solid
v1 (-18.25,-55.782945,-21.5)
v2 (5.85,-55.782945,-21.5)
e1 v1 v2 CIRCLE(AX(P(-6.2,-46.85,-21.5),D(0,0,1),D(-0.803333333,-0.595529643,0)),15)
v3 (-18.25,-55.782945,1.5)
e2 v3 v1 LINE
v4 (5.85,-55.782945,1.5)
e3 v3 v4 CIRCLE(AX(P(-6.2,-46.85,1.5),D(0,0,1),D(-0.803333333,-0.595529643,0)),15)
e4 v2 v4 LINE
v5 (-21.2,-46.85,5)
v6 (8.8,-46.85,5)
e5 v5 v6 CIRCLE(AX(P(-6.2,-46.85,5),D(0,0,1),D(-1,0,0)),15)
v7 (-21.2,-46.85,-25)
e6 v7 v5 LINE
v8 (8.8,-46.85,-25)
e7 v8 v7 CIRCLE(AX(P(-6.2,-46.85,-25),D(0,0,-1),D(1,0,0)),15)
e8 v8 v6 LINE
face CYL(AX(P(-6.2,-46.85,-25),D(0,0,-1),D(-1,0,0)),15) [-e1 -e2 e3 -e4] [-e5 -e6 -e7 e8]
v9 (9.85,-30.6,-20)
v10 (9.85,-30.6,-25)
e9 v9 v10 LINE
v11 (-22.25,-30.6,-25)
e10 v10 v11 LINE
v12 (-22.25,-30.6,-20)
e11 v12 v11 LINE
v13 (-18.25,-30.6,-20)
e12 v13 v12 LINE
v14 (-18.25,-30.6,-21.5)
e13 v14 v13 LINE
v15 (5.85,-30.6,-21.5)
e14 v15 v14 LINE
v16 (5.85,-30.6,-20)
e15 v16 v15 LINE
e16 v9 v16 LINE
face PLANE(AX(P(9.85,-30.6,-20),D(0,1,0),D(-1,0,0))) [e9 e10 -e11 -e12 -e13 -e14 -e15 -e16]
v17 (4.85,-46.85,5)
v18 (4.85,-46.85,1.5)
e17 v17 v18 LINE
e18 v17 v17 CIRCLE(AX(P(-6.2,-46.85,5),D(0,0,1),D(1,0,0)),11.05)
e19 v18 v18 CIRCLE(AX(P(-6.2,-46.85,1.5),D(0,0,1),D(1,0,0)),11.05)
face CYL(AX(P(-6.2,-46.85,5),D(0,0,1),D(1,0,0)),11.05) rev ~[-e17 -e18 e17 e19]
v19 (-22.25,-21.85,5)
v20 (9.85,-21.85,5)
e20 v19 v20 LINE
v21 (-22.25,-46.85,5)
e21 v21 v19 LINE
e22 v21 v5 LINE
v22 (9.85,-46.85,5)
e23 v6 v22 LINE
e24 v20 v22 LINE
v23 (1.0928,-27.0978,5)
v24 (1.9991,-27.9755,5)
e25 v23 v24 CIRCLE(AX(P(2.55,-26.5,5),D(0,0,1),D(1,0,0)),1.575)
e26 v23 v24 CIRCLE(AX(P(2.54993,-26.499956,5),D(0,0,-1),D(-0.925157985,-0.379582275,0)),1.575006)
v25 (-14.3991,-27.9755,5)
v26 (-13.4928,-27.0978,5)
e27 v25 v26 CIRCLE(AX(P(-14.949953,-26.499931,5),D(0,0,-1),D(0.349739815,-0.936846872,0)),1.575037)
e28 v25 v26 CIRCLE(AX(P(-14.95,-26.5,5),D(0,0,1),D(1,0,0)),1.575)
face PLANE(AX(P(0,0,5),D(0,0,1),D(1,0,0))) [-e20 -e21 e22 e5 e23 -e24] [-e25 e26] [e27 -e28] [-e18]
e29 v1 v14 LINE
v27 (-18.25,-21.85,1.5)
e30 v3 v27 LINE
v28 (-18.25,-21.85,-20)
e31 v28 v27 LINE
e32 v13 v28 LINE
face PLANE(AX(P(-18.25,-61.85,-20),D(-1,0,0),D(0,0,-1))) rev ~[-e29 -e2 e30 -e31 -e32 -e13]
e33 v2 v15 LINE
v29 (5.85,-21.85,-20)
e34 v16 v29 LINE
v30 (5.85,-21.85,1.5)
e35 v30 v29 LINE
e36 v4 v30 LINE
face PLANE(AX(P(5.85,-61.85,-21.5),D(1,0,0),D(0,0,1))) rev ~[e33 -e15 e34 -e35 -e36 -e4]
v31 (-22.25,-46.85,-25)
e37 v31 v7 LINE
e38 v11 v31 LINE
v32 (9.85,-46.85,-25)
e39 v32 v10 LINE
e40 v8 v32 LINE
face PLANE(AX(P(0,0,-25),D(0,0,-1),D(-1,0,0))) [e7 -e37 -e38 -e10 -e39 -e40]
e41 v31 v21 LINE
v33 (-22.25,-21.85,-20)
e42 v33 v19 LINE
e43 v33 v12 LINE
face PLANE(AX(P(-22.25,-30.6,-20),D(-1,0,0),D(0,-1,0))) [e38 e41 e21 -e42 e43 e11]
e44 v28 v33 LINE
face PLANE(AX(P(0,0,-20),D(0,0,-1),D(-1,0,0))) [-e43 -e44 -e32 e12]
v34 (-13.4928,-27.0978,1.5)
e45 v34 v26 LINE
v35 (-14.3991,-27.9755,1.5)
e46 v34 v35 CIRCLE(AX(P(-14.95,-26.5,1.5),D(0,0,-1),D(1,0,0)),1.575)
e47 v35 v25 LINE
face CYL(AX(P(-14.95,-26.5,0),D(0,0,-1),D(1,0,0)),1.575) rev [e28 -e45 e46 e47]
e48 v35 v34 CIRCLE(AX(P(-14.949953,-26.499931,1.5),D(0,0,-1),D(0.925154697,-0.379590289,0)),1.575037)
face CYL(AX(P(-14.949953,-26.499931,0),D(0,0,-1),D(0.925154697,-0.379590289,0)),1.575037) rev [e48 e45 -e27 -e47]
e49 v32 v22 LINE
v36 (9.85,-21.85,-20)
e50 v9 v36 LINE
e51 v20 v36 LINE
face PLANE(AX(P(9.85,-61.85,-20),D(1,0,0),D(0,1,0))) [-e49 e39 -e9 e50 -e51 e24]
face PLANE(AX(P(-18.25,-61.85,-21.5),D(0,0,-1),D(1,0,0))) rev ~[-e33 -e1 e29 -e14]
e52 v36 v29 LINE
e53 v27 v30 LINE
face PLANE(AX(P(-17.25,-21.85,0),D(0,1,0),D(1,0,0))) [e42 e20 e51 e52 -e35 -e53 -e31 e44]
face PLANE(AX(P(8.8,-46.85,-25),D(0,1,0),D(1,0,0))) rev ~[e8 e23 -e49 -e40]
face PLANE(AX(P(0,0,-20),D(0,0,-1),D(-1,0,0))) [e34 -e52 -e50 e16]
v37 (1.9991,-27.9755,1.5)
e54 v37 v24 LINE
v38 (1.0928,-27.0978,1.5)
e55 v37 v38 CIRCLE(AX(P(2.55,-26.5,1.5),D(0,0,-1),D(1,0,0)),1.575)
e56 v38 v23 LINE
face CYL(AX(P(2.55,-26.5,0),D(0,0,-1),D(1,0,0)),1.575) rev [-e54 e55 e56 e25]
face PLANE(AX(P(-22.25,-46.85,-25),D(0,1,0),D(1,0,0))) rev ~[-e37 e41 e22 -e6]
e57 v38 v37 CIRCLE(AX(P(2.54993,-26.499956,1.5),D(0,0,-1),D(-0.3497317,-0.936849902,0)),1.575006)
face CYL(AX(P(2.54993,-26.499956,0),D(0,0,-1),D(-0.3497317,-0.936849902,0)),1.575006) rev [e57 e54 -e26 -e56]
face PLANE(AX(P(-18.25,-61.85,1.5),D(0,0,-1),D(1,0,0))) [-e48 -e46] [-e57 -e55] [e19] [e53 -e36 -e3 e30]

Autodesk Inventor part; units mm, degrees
ref_plane "YZ Plane" through (0, 0, 0) normal (1, 0, 0) x (0, 1, 0)
ref_plane "XY Plane" through (0, 0, 0) normal (0, 0, 1) x (1, 0, 0)
sketch "Sketch1" plane through (0, 0, 0) normal (0, 0, 1) x (1, 0, 0)
  line L0 (-17.25, -31.85) -> (4.85, -31.85) projected
  line L1 (4.85, -31.85) -> (4.85, 0) projected
  arc A0 (4.85, 0) -> (0, 4.85) centre (0, 0) ccw projected
  line L2 (0, 4.85) -> (-12.4, 4.85) projected
  arc A1 (-12.4, 4.85) -> (-17.25, 0) centre (-12.4, 0) ccw projected
  line L3 (-17.25, 0) -> (-17.25, -31.85) projected
  circle A2 centre (-6.2, -6.5) radius 2.75 projected
  circle A3 centre (-6.2, -17.15) radius 1.95 projected
  arc A4 (1.9991, -27.9755) -> (1.0928, -27.0978) centre (2.55, -26.5) ccw projected
  arc A5 (1.0928, -27.0978) -> (1.9991, -27.9755) centre (-0.065, -29.2) ccw projected
  arc A6 (-13.4928, -27.0978) -> (-14.3991, -27.9755) centre (-14.95, -26.5) ccw projected
  arc A7 (-14.3991, -27.9755) -> (-13.4928, -27.0978) centre (-12.335, -29.2) ccw projected
  line L4 (9.85, -61.85) -> (-22.25, -61.85)
  line L5 (-22.25, -61.85) -> (-22.25, -21.85)
  line L6 (-22.25, -21.85) -> (9.85, -21.85)
  line L7 (9.85, -21.85) -> (9.85, -61.85)
  circle A8 centre (2.55, -26.5) radius 1.575
  circle A9 centre (-14.95, -26.5) radius 1.575
  point P0 (0, 0)
  point P1 (1.0928, -27.0978)
  point P2 (1.9991, -27.9755)
  point P3 (-17.25, -21.85)
  point P4 (4.85, -21.85)
  dimension "d2" = 5
  dimension "d3" = 5
  dimension "d12" = 10
  dimension "d13" = 40
extrude "Extrusion2" add sketch "Sketch1" along normal blind 5 contours L3 L6 L1 L0 | L0 L1 L6 L7 L4 L5 L3 | A5 A8 | A7 A9
sketch "Sketch2" plane through (0, 0, 0) normal (0, 0, -1) x (-1, 0, 0)
  line L0 (22.25, -21.85) -> (22.25, -61.85) projected
  line L1 (22.25, -61.85) -> (18.25, -61.85)
  line L2 (18.25, -61.85) -> (18.25, -21.85)
  line L3 (18.25, -21.85) -> (22.25, -21.85)
  line L4 (22.25, -21.85) -> (22.25, -61.85)
  line L5 (-9.85, -61.85) -> (-9.85, -21.85) projected
  line L6 (-9.85, -21.85) -> (22.25, -21.85) projected
  line L7 (-9.85, -61.85) -> (-5.85, -61.85)
  line L8 (-5.85, -61.85) -> (-5.85, -21.85)
  line L9 (-5.85, -21.85) -> (-9.85, -21.85)
  line L10 (-9.85, -21.85) -> (-9.85, -61.85)
  point P0 (0, 0)
  point P1 (-4.85, -21.85)
  point P2 (17.25, -21.85)
  point P3 (-9.85, -21.85)
  dimension "d8" = 4
  dimension "d9" = 4
extrude "Extrusion3" add sketch "Sketch2" along normal blind 20
sketch "Sketch3" plane through (0, 0, -20) normal (0, 0, -1) x (-1, 0, 0)
  circle A0 centre (-2.55, -26.5) radius 1.575 projected
  circle A1 centre (14.95, -26.5) radius 1.575 projected
  circle A2 centre (6.2, -6.5) radius 2.95 projected
  line L0 (-43.9339, 5.041) -> (56.0661, 5.041) projected
  line L1 (-23.9339, -29.6) -> (-43.9339, 5.041) projected
  line L2 (36.0661, -29.6) -> (-23.9339, -29.6) projected
  line L3 (56.0661, 5.041) -> (36.0661, -29.6) projected
  line L4 (22.25, -61.85) -> (-9.85, -61.85) projected
  line L5 (-9.85, -61.85) -> (-9.85, -21.85) projected
  line L6 (22.25, -61.85) -> (-9.85, -61.85)
  line L7 (-9.85, -61.85) -> (-9.85, -30.6)
  line L8 (-9.85, -30.6) -> (22.25, -30.6)
  line L9 (22.25, -30.6) -> (22.25, -61.85)
  point P0 (0, 0)
  dimension "d14" = 1
extrude "Extrusion4" add sketch "Sketch3" along normal blind 5 contours L8 L9 L4 L5
sketch "Sketch4" plane through (0, 0, 5) normal (0, 0, 1) x (1, 0, 0)
  circle A0 centre (-6.2, -46.85) radius 11.05
  line L0 (-22.25, -21.85) -> (-22.25, -61.85) projected
  line L1 (-22.25, -61.85) -> (9.85, -61.85) projected
  point P0 (0, 0)
  dimension "d17" = 22.1
  dimension "d18" = 16.05
  dimension "d19" = 15
extrude "Extrusion5" cut sketch "Sketch4" against normal up to surface (5 mm away)
sketch "Sketch5" plane through (0, 0, -25) normal (0, 0, -1) x (-1, 0, 0)
  circle A0 centre (6.2, -46.85) radius 4.508
  circle A1 centre (6.2, -46.85) radius 15
  line L0 (22.25, -21.85) -> (22.25, -61.85) projected
  line L1 (22.25, -46.85) -> (-9.85, -46.85)
  line L2 (-9.85, -61.85) -> (-9.85, -21.85) projected
  line L3 (22.25, -46.85) -> (22.25, -61.85)
  line L4 (22.25, -61.85) -> (-9.85, -61.85)
  line L5 (-9.85, -46.85) -> (-9.85, -61.85)
  point P0 (0, 0)
  point P1 (6.2, -61.85)
  point P2 (21.2, -46.85)
  point P3 (-8.8, -46.85)
  dimension "d22" = 30
extrude "Extrusion6" cut sketch "Sketch5" against normal up to surface (30 mm away) contours L1 L0 L4 A1 | A1 L4 L2 L1
ref_plane "Work Plane1" through (-6.2, -61.85, -25) normal (0, 1, 0) x (-1, 0, 0)
sketch "Sketch6" plane through (-6.2, -61.85, -25) normal (0, 1, 0) x (-1, 0, 0)
  line L0 (-15, 0) -> (15, 0) projected
  line L1 (-15, 0) -> (-15, 30) projected
  line L2 (15, 30) -> (-15, 30) projected
  line L3 (15, 0) -> (15, 30) projected
  line L4 (12.05, 5) -> (-12.05, 5) projected
  line L5 (12.05, 25) -> (12.05, 5) projected
  line L6 (-12.05, 25) -> (12.05, 25) projected
  line L7 (-12.05, 5) -> (-12.05, 25) projected
  line L8 (-12.05, 25) -> (12.05, 25)
  line L9 (12.05, 25) -> (12.05, 26.5)
  line L10 (12.05, 26.5) -> (-12.05, 26.5)
  line L11 (-12.05, 26.5) -> (-12.05, 25)
  line L12 (-12.05, 5) -> (12.05, 5)
  line L13 (12.05, 5) -> (12.05, 3.5)
  line L14 (12.05, 3.5) -> (-12.05, 3.5)
  line L15 (-12.05, 3.5) -> (-12.05, 5)
  point P0 (-6.2, 25)
  dimension "d25" = 1.5
  dimension "d26" = 1.5
extrude "Extrusion7" cut sketch "Sketch6" along normal up to surface (40 mm away) contours L13 L14 L15 L4 | L6 L11 L10 L9
properties part number "arm1"
